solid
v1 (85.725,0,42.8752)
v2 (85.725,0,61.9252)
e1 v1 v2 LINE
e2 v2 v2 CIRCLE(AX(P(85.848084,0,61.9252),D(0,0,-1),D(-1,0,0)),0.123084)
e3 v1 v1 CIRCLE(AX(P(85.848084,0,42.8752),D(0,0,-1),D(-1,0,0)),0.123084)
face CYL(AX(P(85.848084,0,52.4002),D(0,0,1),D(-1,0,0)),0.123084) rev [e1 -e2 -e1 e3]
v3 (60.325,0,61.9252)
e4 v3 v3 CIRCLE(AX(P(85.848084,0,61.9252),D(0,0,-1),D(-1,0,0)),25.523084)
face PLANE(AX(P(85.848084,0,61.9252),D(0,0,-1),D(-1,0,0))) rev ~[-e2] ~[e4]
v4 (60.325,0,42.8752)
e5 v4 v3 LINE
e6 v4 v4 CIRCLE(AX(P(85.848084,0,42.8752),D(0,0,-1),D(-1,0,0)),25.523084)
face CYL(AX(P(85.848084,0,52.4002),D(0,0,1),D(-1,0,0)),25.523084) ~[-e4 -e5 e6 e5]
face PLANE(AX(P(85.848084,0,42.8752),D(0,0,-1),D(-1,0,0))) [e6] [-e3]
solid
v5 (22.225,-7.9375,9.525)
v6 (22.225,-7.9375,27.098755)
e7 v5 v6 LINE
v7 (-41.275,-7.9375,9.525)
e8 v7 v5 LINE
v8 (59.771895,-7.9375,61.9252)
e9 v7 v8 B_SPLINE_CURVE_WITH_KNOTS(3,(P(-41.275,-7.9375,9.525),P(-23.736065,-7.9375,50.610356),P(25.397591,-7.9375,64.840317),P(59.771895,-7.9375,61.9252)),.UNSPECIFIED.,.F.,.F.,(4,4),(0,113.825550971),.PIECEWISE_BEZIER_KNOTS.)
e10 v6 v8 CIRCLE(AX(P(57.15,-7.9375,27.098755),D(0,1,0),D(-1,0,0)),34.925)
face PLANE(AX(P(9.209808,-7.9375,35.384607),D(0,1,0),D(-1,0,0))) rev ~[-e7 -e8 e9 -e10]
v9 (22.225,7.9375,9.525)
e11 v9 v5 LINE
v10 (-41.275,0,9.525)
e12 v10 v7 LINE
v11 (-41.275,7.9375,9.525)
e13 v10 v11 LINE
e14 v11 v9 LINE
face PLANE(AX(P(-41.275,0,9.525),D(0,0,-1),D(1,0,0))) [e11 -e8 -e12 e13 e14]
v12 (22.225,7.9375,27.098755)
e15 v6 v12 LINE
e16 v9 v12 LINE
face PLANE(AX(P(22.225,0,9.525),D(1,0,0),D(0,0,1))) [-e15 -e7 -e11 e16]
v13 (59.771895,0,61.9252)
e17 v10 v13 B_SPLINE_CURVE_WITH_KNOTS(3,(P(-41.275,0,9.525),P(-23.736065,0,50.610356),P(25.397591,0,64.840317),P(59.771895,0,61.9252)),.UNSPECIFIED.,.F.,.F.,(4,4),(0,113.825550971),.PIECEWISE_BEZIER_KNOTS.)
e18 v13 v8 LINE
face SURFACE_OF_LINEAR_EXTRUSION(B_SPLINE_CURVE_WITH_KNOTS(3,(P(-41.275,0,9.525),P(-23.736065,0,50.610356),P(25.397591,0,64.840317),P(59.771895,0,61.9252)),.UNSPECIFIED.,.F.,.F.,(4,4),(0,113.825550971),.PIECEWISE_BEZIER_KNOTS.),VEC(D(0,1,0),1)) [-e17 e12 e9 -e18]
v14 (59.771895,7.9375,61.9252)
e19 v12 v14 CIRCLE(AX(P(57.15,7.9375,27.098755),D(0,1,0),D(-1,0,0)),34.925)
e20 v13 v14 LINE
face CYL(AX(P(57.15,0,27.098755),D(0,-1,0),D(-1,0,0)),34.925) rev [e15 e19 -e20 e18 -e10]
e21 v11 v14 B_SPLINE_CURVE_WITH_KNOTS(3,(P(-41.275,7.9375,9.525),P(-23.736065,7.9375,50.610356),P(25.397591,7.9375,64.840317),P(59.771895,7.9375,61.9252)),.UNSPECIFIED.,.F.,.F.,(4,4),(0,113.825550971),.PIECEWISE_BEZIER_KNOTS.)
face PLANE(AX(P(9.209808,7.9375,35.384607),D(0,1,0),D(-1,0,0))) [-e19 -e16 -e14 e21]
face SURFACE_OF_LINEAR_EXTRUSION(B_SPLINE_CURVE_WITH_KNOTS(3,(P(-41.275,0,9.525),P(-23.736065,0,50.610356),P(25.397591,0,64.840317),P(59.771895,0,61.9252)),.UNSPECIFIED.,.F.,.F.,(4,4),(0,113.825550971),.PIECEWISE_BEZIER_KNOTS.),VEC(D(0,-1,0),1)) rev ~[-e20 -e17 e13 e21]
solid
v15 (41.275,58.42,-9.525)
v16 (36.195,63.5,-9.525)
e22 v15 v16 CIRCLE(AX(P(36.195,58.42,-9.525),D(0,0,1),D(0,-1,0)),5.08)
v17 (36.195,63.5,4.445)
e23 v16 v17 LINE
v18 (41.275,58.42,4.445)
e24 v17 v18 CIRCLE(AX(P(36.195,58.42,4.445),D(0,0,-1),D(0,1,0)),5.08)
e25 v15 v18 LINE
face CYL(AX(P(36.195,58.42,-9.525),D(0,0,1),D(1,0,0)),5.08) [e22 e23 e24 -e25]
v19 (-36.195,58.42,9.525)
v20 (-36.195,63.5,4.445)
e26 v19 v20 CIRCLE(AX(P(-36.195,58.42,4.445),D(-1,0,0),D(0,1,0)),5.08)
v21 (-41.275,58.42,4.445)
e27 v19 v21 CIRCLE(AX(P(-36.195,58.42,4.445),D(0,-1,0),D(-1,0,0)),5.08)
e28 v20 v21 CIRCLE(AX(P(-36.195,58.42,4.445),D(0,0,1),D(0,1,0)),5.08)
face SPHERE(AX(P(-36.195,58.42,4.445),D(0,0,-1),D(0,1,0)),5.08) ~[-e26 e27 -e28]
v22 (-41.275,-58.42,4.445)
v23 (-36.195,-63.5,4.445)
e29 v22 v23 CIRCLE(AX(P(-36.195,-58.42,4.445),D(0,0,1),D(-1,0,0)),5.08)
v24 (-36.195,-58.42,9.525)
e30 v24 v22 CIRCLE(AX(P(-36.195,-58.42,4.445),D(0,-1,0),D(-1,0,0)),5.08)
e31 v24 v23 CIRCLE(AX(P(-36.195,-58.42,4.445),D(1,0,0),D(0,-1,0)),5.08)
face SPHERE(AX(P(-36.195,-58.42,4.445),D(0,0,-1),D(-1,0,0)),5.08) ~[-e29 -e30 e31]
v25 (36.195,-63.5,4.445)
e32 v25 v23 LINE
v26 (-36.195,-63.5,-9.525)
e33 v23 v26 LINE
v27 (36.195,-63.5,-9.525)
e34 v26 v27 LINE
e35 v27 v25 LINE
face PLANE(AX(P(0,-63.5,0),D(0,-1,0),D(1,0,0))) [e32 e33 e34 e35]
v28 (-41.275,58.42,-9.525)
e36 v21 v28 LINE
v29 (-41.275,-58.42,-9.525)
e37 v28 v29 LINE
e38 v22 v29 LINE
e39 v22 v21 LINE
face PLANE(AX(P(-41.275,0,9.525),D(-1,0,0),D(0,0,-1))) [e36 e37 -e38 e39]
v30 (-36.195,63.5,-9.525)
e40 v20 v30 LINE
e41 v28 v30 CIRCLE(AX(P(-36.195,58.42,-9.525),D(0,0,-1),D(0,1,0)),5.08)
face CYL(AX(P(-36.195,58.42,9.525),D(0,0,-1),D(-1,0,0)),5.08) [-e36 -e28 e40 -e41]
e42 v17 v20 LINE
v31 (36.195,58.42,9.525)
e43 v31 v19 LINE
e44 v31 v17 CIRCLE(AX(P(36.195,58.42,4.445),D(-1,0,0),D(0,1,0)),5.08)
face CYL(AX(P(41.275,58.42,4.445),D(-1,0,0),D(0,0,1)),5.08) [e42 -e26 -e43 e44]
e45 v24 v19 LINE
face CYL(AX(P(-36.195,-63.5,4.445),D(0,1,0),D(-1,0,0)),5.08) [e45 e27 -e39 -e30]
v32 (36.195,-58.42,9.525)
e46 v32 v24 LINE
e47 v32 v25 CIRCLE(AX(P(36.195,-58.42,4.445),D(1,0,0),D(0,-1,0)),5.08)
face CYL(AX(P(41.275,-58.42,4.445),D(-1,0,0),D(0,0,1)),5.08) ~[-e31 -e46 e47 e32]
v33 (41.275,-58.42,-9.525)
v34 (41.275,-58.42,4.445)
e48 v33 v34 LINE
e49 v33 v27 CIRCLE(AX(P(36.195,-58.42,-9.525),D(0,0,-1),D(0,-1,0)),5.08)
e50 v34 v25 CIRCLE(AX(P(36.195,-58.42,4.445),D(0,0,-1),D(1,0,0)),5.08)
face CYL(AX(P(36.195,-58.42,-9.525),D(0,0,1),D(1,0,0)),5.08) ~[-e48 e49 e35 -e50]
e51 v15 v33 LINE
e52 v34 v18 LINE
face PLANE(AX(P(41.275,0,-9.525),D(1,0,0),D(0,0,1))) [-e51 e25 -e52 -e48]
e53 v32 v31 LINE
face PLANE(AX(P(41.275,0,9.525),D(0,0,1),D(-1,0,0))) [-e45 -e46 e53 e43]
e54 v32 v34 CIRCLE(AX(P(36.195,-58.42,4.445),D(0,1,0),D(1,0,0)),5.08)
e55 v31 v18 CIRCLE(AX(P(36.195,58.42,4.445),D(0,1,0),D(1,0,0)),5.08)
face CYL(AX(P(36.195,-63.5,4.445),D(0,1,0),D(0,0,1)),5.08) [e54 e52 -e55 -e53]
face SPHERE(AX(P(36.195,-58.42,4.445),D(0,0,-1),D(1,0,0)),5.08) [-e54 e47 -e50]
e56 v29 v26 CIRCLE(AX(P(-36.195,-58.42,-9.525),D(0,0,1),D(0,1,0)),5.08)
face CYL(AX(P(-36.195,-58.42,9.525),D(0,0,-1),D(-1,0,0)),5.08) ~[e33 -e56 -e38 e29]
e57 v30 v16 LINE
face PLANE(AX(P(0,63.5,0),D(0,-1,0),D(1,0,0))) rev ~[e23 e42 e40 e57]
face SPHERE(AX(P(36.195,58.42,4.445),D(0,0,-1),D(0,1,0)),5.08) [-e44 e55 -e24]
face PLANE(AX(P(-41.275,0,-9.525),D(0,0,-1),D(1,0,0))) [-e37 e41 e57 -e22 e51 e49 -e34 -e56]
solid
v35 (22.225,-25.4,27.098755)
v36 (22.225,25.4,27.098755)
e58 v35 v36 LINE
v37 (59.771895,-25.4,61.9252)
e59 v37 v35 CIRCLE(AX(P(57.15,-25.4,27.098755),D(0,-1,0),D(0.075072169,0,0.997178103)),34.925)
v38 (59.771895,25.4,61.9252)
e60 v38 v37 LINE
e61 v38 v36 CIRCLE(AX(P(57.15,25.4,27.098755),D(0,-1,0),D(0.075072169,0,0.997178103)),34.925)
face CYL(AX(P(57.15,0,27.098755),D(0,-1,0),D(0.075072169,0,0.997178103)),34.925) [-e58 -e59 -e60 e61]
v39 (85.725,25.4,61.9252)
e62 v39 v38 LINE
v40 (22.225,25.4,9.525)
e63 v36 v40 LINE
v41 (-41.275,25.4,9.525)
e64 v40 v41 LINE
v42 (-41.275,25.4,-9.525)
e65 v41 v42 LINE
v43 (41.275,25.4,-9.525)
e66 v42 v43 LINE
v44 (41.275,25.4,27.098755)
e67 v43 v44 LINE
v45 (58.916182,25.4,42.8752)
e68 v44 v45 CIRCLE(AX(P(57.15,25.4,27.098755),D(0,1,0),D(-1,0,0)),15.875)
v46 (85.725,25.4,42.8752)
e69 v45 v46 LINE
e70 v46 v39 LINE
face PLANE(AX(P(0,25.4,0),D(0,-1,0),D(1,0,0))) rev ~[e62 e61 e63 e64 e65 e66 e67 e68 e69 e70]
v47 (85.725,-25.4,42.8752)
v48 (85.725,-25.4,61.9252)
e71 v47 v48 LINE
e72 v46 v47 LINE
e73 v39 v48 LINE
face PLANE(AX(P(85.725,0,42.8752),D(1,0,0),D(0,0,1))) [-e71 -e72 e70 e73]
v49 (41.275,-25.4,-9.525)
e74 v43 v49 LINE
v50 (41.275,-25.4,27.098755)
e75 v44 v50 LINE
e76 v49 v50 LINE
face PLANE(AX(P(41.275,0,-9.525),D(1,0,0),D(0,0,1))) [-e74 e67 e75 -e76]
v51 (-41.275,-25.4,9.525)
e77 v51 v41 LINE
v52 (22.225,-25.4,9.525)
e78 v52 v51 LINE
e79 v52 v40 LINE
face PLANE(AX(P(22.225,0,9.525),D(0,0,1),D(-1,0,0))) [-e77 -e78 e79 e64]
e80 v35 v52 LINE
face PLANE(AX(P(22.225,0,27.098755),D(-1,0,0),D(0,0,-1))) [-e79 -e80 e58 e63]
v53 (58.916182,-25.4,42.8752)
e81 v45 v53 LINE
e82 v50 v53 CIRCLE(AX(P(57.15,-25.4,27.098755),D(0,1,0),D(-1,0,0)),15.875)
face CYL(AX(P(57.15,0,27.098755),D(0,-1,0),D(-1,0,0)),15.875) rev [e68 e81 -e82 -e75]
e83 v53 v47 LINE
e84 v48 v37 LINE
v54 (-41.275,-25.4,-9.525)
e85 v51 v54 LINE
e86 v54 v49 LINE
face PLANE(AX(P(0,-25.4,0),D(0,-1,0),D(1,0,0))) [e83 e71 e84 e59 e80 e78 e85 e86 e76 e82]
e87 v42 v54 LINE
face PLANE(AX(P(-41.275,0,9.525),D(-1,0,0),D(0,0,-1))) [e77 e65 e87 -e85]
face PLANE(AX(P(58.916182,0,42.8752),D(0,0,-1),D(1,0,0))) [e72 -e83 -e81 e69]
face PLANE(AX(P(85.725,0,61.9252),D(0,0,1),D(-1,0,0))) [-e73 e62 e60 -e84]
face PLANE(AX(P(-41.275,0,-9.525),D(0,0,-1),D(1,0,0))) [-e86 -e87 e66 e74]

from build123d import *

# Parameters (mm, degrees)
F1_DEPTH = 63.5
F0_W     = 25.4
F0_H     = 19.0500000358
F2_DEPTH = 25.4
F3_DEPTH = 7.9375
F5_R     = 5.08


with BuildPart() as f1:
    # F0 (on Front) → F1 (new body, symmetric)
    with BuildSketch(Plane.XZ):
        Polygon((-41.275, 9.525), (-41.275, -9.525), (41.275, -9.525), (41.275, 9.525), (22.2249999642, 9.525), align=None)
    extrude(amount=F1_DEPTH, both=True)

    # F5
    f5_edges = [f1.edges().sort_by_distance(p)[0] for p in [
        (41.275, -63.5, 0),
        (-41.275, -63.5, 0),
        (41.275, 63.5, 0),
        (-41.275, 63.5, 0),
        (0, 63.5, 9.525),
        (-41.275, 0, 9.525),
        (41.275, 0, 9.525),
        (0, -63.5, 9.525),
    ]]
    fillet(f5_edges, radius=F5_R)


with BuildPart() as f2:
    # F0 (on Front) → F2 (new body, symmetric)
    with BuildSketch(Plane.XZ):
        Polygon((-41.275, 9.525), (-41.275, -9.525), (41.275, -9.525), (41.275, 9.525), (22.2249999642, 9.525), align=None)
        with BuildLine():
            Line((22.2249999642, 9.525), (41.275, 9.525))
            Line((41.275, 9.525), (41.275, 27.0987547464))
            ThreePointArc((41.275, 27.0987547464), (46.5675267568, 38.9320503591), (58.9161823693, 42.8752))
            Line((58.9161823693, 42.8752), (60.325, 42.8752))
            Line((60.325, 42.8752), (60.325, 61.9252000358))
            Line((60.325, 61.9252000358), (59.7718954991, 61.9252000358))
            ThreePointArc((59.7718954991, 61.9252000358), (33.3993586708, 52.7046654694), (22.2249999642, 27.0987547464))
            Line((22.2249999642, 27.0987547464), (22.2249999642, 9.525))
        make_face()
        with Locations((73.025, 52.4002000179)):
            Rectangle(F0_W, F0_H)
    extrude(amount=F2_DEPTH, both=True)


with BuildPart() as f3:
    # F0 (on Front) → F3 (new body, symmetric)
    with BuildSketch(Plane.XZ):
        with BuildLine():
            add(Edge.make_bspline(
                [(-41.275, 9.525), (-23.7360652536, 50.6103560328), (25.3975912929, 64.8403167725), (59.7718954991, 61.9252000358)],
                knots=[0, 0, 0, 0, 113.8255509708, 113.8255509708, 113.8255509708, 113.8255509708], degree=3))
            Line((-41.275, 9.525), (22.2249999642, 9.525))
            Line((22.2249999642, 9.525), (22.2249999642, 27.0987547464))
            ThreePointArc((22.2249999642, 27.0987547464), (33.3993586708, 52.7046654694), (59.7718954991, 61.9252000358))
        make_face()
    extrude(amount=F3_DEPTH, both=True)


with BuildPart() as f4:
    # F0 (on Front) → F4 (revolve)
    with BuildSketch(Plane.XZ):
        with Locations((73.025, 52.4002000179)):
            Rectangle(F0_W, F0_H)
    revolve(axis=Axis((85.8480844794, 0, 52.3875), (0, 0, -1)))


solid = Compound([f1.part, f2.part, f3.part, f4.part])
